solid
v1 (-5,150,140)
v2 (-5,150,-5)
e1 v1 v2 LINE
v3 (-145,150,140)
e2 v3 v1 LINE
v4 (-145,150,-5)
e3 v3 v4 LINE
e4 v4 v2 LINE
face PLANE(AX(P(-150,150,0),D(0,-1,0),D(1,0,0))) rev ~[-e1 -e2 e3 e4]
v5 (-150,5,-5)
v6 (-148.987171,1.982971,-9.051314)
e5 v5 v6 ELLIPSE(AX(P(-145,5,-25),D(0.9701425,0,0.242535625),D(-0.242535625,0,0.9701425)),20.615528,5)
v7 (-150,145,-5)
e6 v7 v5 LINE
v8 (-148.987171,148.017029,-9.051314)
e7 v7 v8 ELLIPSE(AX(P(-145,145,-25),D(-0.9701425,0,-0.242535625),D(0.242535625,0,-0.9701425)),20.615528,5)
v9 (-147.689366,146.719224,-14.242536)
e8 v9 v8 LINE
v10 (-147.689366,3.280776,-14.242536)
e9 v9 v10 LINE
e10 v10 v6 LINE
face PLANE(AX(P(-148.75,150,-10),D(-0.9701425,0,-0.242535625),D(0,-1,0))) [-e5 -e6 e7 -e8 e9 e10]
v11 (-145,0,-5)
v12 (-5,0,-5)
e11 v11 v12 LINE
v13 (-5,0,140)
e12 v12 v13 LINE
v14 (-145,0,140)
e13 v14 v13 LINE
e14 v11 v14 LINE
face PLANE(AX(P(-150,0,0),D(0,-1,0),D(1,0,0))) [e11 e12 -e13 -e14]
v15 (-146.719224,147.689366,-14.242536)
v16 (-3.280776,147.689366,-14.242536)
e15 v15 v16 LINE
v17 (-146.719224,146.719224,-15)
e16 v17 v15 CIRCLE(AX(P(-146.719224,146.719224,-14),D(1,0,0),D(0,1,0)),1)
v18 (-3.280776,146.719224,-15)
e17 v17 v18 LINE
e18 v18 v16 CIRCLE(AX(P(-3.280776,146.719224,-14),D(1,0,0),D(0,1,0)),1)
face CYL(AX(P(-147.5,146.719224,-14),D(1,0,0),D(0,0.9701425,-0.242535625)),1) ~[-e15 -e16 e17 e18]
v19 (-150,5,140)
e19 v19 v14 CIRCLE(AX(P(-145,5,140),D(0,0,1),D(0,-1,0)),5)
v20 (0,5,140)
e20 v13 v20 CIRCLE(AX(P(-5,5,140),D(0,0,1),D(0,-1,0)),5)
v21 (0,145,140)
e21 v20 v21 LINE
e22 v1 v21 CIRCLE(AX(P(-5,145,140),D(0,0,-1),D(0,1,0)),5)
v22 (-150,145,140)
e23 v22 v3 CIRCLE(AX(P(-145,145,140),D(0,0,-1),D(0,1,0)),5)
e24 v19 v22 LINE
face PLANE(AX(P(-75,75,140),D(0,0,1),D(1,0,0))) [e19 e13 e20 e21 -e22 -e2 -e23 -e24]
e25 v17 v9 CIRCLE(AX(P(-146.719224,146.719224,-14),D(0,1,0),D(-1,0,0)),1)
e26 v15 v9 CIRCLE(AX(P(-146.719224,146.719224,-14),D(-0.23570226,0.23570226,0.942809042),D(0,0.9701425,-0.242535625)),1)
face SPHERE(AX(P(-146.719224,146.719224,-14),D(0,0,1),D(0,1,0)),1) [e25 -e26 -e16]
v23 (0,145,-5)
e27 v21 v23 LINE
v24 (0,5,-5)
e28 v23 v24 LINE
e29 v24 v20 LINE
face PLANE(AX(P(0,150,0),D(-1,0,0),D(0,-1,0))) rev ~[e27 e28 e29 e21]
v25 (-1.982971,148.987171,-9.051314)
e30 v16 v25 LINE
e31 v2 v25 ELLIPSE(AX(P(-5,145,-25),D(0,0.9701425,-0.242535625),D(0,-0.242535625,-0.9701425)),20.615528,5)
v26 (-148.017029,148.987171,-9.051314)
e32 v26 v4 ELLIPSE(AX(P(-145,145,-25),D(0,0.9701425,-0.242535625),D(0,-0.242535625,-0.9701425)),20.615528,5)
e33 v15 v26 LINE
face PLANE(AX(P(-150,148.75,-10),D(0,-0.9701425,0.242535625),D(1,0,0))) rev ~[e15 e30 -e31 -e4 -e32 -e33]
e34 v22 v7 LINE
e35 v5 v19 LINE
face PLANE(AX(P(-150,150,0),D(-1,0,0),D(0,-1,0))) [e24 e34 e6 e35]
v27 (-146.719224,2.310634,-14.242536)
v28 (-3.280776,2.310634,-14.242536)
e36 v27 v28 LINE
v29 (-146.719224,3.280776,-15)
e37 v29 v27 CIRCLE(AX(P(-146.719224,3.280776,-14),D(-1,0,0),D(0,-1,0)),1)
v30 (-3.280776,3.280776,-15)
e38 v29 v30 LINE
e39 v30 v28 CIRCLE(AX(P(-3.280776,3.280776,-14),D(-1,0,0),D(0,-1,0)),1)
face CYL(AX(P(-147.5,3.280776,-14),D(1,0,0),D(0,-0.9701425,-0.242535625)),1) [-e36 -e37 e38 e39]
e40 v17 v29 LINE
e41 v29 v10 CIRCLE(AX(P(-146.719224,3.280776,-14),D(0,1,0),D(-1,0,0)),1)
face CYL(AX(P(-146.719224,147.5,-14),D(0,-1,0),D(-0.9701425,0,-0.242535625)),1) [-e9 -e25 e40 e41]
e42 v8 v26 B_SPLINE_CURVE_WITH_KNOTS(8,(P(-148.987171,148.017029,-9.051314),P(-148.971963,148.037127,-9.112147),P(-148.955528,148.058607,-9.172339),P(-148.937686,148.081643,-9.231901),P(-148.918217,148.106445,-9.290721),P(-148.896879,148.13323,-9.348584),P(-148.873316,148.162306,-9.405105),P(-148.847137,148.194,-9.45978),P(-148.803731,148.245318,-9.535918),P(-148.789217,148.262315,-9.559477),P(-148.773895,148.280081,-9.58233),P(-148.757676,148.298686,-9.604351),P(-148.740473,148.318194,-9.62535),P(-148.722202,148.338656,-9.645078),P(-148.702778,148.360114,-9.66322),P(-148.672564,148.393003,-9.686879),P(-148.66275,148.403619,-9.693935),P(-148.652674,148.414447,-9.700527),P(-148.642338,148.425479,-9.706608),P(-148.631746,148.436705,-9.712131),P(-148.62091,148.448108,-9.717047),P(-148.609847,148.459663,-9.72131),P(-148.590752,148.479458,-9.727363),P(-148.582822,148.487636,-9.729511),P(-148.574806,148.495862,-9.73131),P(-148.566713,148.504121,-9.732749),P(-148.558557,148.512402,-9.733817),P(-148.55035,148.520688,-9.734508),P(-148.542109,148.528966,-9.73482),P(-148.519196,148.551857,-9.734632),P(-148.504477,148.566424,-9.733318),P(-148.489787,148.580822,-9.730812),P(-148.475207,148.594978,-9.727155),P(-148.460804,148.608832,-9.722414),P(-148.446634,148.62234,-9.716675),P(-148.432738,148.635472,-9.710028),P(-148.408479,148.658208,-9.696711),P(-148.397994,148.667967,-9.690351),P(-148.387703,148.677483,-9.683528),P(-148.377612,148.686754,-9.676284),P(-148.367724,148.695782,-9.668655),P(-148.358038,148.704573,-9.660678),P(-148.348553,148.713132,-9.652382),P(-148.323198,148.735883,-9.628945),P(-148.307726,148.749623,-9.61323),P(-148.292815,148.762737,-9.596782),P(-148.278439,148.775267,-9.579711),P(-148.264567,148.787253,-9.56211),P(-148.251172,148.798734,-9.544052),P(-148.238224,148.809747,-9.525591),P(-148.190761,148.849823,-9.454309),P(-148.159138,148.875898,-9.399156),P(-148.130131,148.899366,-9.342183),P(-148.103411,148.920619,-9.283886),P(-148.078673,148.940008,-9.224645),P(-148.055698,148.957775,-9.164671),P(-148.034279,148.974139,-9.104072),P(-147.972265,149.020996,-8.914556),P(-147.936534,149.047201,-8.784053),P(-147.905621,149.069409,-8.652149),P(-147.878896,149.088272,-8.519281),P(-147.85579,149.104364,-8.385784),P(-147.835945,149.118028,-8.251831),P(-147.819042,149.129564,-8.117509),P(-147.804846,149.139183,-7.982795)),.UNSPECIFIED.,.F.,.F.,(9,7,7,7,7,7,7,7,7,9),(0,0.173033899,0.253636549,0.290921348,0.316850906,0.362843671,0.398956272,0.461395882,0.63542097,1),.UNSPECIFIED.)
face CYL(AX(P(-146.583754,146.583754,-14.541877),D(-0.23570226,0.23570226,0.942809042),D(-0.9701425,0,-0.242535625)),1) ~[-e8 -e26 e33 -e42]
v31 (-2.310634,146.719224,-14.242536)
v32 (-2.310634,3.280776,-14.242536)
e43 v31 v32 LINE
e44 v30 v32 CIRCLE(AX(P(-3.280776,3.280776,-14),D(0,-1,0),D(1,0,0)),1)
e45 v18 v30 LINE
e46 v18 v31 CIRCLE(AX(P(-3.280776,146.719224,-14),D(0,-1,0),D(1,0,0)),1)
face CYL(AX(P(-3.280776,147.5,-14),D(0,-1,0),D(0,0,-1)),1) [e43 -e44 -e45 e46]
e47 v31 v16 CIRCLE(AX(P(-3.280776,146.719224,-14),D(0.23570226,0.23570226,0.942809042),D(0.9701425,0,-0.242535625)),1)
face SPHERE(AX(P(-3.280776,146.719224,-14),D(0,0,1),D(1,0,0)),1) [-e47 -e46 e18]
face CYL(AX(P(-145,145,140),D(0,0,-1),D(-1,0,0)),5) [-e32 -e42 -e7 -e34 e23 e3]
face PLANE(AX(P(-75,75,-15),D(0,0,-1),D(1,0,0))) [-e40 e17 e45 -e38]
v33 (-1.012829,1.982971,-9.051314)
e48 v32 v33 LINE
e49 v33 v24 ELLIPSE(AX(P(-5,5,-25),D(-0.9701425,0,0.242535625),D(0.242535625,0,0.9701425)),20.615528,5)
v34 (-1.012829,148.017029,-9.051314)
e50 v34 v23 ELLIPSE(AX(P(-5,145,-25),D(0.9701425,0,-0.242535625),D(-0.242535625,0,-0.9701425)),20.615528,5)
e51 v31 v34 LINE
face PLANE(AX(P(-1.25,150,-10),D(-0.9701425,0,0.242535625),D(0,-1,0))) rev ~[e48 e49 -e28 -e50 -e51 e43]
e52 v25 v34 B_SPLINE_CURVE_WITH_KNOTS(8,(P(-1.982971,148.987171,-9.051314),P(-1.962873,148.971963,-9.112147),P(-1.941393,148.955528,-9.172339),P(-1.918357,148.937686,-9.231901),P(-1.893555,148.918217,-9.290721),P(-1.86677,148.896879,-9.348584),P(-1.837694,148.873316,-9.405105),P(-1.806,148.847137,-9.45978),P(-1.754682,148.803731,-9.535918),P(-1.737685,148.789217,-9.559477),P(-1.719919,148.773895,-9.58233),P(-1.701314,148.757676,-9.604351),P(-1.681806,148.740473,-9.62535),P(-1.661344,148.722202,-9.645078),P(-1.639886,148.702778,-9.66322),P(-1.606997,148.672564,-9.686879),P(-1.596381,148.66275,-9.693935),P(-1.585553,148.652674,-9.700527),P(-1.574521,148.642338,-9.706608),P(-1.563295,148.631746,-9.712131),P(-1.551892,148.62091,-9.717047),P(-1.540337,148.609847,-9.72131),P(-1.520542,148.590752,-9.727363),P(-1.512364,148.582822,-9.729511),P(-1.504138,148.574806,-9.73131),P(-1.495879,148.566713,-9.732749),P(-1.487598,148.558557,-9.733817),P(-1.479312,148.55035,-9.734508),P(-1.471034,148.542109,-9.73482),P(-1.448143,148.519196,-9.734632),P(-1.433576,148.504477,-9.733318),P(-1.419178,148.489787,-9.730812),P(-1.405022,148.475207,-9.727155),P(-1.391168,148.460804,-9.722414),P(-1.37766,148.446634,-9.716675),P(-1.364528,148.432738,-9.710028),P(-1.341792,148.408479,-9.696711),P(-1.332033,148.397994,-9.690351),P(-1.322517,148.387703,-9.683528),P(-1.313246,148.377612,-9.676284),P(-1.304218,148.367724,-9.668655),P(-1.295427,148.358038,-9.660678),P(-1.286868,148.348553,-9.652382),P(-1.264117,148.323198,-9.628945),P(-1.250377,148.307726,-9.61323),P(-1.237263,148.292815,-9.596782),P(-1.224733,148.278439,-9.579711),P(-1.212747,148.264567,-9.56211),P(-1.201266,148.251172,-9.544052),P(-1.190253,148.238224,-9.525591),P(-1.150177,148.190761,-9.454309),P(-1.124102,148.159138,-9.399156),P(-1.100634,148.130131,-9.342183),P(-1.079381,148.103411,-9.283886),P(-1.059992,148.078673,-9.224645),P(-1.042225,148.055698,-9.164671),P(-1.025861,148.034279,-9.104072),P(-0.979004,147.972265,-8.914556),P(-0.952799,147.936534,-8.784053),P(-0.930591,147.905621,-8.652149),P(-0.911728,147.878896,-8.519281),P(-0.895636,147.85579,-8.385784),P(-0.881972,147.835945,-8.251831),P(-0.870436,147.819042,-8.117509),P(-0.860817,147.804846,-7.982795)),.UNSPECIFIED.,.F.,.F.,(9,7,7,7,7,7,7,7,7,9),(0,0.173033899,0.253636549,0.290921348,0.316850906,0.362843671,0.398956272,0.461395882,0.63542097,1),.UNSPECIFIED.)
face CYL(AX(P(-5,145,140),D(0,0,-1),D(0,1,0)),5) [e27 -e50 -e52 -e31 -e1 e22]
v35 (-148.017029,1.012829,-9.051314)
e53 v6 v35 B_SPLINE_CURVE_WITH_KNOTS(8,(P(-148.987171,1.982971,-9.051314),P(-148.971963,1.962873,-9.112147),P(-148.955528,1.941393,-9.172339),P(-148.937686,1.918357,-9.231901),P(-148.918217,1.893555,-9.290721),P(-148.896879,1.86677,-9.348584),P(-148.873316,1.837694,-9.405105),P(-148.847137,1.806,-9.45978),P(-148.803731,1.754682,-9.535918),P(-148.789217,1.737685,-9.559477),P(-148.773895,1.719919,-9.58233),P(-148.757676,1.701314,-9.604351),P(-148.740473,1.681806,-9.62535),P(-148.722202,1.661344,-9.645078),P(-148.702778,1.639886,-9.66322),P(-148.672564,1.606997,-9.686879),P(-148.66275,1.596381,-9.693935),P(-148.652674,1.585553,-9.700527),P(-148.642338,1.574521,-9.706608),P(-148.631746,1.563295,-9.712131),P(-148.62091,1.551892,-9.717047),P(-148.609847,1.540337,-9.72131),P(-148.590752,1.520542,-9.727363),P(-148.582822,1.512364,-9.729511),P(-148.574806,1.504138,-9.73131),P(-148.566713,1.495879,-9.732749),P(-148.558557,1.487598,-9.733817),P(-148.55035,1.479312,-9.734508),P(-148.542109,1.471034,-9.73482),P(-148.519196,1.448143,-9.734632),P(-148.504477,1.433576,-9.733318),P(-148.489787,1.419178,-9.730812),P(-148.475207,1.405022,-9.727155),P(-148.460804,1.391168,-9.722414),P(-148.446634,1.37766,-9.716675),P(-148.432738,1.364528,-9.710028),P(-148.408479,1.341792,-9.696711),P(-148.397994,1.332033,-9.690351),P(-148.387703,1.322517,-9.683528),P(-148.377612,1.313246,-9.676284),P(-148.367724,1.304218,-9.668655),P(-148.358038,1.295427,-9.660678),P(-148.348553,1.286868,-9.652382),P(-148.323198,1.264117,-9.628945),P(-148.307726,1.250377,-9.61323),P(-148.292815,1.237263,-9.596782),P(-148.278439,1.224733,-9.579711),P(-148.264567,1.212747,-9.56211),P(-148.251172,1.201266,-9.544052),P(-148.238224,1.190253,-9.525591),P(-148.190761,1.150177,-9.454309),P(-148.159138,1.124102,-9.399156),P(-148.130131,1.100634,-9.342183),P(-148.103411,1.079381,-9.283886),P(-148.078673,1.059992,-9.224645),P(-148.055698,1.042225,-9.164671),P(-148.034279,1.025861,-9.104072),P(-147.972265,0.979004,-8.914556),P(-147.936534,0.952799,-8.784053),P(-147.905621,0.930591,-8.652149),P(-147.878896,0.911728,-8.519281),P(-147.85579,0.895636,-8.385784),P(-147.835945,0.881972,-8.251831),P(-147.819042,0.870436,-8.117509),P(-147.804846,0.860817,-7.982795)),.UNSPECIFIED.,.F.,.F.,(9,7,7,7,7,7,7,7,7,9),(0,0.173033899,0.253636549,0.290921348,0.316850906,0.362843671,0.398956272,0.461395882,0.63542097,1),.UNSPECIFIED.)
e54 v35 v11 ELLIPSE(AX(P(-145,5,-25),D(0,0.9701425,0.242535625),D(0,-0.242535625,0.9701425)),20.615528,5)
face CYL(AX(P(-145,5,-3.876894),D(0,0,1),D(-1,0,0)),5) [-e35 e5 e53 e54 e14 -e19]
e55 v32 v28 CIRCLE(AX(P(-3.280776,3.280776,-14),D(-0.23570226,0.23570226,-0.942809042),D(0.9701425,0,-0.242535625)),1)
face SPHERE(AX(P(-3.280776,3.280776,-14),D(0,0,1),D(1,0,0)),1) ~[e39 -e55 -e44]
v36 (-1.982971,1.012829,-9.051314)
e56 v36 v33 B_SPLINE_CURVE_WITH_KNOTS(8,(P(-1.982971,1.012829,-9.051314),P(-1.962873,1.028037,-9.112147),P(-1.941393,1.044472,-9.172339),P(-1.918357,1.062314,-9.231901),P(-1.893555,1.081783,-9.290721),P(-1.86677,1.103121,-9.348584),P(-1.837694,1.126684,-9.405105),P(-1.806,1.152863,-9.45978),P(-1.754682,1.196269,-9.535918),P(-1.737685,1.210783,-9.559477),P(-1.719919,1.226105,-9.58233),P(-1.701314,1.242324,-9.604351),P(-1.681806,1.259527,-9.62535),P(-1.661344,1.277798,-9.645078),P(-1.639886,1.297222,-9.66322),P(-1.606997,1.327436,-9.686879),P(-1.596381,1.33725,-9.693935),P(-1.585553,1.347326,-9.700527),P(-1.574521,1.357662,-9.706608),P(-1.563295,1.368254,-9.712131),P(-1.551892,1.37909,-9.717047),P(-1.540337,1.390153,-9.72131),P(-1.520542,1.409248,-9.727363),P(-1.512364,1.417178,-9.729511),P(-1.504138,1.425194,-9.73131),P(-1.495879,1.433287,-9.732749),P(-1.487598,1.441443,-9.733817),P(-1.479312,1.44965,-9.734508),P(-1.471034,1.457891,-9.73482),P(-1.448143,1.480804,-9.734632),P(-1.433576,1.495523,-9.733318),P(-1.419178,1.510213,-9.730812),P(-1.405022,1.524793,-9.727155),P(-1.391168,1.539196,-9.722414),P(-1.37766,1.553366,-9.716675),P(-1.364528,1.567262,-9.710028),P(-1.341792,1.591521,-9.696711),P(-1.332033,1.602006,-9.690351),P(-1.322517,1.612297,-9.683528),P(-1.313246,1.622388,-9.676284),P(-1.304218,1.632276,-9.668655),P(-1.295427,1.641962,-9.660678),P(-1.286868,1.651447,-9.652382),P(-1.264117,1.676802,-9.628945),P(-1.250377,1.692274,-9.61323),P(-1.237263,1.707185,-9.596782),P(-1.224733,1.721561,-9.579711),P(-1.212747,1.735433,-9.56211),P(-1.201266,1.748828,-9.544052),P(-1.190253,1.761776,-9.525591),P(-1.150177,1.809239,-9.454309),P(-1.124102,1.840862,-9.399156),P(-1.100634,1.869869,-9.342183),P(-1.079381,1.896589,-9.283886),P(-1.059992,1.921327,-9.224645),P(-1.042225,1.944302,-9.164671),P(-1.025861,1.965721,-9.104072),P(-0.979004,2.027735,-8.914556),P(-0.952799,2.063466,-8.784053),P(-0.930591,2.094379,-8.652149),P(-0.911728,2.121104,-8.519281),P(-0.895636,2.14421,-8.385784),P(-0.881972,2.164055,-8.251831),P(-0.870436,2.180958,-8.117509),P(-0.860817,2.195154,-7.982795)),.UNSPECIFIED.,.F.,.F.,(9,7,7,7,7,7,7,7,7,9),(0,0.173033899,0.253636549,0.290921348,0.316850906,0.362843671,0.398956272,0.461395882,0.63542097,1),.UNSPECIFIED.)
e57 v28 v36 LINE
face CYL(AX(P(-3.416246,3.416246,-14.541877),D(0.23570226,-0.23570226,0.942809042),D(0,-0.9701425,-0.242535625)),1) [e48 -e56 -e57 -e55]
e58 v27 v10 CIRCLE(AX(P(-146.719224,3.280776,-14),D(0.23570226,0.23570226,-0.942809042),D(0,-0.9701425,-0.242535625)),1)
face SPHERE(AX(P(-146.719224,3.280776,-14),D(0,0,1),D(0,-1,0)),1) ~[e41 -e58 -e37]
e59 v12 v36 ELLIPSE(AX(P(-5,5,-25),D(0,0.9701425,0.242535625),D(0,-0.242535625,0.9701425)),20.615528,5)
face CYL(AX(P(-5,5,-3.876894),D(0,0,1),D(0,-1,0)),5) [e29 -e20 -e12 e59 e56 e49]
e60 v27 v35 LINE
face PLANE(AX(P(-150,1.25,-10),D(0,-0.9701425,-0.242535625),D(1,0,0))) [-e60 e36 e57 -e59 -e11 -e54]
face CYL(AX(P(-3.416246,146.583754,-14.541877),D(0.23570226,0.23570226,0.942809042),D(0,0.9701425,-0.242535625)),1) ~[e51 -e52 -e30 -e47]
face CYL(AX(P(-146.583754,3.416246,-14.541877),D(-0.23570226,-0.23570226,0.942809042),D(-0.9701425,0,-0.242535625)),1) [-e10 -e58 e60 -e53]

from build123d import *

# Parameters (mm, degrees)
F0_W     = 150
F0_H     = 150
F1_DEPTH = 140
F2_W     = 150
F2_H     = 150
F3_DEPTH = 15
F4_SIZE2 = 10
F4_SIZE  = 2.5
F5_R     = 1
F6_R     = 5


with BuildPart() as f1:
    # F0 (on Top) → F1 (new body)
    with BuildSketch(Plane.XY):
        with Locations((-75, 75)):
            Rectangle(F0_W, F0_H)
    extrude(amount=F1_DEPTH)

    # F2 (on face) → F3 (join)
    with BuildSketch(Plane(origin=(0, 0, 0), x_dir=(1, 0, 0), z_dir=(0, 0, -1))):
        with Locations((-75, -75)):
            Rectangle(F2_W, F2_H)
    extrude(amount=F3_DEPTH)

    # F4
    f4_edges = [f1.edges().sort_by_distance(p)[0] for p in [
        (0, 75, -15),
        (-75, 0, -15),
        (-150, 75, -15),
        (-75, 150, -15),
    ]]
    f4_side = f1.faces().sort_by_distance((-75, 75, -15))[0]
    chamfer(f4_edges, length=F4_SIZE, length2=F4_SIZE2, reference=f4_side)

    # F5
    f5_edges = [f1.edges().sort_by_distance(p)[0] for p in [
        (-1.25, 1.25, -10),
        (-148.75, 1.25, -10),
        (-148.75, 148.75, -10),
        (-1.25, 148.75, -10),
        (-2.5, 75, -15),
        (-75, 147.5, -15),
        (-75, 2.5, -15),
        (-147.5, 75, -15),
    ]]
    fillet(f5_edges, radius=F5_R)

    # F6
    f6_edges = [f1.edges().sort_by_distance(p)[0] for p in [
        (0, 0, 68.061553),
        (-150, 0, 68.061553),
        (-150, 150, 68.061553),
        (0, 150, 68.061553),
    ]]
    fillet(f6_edges, radius=F6_R)


solid = f1.part
